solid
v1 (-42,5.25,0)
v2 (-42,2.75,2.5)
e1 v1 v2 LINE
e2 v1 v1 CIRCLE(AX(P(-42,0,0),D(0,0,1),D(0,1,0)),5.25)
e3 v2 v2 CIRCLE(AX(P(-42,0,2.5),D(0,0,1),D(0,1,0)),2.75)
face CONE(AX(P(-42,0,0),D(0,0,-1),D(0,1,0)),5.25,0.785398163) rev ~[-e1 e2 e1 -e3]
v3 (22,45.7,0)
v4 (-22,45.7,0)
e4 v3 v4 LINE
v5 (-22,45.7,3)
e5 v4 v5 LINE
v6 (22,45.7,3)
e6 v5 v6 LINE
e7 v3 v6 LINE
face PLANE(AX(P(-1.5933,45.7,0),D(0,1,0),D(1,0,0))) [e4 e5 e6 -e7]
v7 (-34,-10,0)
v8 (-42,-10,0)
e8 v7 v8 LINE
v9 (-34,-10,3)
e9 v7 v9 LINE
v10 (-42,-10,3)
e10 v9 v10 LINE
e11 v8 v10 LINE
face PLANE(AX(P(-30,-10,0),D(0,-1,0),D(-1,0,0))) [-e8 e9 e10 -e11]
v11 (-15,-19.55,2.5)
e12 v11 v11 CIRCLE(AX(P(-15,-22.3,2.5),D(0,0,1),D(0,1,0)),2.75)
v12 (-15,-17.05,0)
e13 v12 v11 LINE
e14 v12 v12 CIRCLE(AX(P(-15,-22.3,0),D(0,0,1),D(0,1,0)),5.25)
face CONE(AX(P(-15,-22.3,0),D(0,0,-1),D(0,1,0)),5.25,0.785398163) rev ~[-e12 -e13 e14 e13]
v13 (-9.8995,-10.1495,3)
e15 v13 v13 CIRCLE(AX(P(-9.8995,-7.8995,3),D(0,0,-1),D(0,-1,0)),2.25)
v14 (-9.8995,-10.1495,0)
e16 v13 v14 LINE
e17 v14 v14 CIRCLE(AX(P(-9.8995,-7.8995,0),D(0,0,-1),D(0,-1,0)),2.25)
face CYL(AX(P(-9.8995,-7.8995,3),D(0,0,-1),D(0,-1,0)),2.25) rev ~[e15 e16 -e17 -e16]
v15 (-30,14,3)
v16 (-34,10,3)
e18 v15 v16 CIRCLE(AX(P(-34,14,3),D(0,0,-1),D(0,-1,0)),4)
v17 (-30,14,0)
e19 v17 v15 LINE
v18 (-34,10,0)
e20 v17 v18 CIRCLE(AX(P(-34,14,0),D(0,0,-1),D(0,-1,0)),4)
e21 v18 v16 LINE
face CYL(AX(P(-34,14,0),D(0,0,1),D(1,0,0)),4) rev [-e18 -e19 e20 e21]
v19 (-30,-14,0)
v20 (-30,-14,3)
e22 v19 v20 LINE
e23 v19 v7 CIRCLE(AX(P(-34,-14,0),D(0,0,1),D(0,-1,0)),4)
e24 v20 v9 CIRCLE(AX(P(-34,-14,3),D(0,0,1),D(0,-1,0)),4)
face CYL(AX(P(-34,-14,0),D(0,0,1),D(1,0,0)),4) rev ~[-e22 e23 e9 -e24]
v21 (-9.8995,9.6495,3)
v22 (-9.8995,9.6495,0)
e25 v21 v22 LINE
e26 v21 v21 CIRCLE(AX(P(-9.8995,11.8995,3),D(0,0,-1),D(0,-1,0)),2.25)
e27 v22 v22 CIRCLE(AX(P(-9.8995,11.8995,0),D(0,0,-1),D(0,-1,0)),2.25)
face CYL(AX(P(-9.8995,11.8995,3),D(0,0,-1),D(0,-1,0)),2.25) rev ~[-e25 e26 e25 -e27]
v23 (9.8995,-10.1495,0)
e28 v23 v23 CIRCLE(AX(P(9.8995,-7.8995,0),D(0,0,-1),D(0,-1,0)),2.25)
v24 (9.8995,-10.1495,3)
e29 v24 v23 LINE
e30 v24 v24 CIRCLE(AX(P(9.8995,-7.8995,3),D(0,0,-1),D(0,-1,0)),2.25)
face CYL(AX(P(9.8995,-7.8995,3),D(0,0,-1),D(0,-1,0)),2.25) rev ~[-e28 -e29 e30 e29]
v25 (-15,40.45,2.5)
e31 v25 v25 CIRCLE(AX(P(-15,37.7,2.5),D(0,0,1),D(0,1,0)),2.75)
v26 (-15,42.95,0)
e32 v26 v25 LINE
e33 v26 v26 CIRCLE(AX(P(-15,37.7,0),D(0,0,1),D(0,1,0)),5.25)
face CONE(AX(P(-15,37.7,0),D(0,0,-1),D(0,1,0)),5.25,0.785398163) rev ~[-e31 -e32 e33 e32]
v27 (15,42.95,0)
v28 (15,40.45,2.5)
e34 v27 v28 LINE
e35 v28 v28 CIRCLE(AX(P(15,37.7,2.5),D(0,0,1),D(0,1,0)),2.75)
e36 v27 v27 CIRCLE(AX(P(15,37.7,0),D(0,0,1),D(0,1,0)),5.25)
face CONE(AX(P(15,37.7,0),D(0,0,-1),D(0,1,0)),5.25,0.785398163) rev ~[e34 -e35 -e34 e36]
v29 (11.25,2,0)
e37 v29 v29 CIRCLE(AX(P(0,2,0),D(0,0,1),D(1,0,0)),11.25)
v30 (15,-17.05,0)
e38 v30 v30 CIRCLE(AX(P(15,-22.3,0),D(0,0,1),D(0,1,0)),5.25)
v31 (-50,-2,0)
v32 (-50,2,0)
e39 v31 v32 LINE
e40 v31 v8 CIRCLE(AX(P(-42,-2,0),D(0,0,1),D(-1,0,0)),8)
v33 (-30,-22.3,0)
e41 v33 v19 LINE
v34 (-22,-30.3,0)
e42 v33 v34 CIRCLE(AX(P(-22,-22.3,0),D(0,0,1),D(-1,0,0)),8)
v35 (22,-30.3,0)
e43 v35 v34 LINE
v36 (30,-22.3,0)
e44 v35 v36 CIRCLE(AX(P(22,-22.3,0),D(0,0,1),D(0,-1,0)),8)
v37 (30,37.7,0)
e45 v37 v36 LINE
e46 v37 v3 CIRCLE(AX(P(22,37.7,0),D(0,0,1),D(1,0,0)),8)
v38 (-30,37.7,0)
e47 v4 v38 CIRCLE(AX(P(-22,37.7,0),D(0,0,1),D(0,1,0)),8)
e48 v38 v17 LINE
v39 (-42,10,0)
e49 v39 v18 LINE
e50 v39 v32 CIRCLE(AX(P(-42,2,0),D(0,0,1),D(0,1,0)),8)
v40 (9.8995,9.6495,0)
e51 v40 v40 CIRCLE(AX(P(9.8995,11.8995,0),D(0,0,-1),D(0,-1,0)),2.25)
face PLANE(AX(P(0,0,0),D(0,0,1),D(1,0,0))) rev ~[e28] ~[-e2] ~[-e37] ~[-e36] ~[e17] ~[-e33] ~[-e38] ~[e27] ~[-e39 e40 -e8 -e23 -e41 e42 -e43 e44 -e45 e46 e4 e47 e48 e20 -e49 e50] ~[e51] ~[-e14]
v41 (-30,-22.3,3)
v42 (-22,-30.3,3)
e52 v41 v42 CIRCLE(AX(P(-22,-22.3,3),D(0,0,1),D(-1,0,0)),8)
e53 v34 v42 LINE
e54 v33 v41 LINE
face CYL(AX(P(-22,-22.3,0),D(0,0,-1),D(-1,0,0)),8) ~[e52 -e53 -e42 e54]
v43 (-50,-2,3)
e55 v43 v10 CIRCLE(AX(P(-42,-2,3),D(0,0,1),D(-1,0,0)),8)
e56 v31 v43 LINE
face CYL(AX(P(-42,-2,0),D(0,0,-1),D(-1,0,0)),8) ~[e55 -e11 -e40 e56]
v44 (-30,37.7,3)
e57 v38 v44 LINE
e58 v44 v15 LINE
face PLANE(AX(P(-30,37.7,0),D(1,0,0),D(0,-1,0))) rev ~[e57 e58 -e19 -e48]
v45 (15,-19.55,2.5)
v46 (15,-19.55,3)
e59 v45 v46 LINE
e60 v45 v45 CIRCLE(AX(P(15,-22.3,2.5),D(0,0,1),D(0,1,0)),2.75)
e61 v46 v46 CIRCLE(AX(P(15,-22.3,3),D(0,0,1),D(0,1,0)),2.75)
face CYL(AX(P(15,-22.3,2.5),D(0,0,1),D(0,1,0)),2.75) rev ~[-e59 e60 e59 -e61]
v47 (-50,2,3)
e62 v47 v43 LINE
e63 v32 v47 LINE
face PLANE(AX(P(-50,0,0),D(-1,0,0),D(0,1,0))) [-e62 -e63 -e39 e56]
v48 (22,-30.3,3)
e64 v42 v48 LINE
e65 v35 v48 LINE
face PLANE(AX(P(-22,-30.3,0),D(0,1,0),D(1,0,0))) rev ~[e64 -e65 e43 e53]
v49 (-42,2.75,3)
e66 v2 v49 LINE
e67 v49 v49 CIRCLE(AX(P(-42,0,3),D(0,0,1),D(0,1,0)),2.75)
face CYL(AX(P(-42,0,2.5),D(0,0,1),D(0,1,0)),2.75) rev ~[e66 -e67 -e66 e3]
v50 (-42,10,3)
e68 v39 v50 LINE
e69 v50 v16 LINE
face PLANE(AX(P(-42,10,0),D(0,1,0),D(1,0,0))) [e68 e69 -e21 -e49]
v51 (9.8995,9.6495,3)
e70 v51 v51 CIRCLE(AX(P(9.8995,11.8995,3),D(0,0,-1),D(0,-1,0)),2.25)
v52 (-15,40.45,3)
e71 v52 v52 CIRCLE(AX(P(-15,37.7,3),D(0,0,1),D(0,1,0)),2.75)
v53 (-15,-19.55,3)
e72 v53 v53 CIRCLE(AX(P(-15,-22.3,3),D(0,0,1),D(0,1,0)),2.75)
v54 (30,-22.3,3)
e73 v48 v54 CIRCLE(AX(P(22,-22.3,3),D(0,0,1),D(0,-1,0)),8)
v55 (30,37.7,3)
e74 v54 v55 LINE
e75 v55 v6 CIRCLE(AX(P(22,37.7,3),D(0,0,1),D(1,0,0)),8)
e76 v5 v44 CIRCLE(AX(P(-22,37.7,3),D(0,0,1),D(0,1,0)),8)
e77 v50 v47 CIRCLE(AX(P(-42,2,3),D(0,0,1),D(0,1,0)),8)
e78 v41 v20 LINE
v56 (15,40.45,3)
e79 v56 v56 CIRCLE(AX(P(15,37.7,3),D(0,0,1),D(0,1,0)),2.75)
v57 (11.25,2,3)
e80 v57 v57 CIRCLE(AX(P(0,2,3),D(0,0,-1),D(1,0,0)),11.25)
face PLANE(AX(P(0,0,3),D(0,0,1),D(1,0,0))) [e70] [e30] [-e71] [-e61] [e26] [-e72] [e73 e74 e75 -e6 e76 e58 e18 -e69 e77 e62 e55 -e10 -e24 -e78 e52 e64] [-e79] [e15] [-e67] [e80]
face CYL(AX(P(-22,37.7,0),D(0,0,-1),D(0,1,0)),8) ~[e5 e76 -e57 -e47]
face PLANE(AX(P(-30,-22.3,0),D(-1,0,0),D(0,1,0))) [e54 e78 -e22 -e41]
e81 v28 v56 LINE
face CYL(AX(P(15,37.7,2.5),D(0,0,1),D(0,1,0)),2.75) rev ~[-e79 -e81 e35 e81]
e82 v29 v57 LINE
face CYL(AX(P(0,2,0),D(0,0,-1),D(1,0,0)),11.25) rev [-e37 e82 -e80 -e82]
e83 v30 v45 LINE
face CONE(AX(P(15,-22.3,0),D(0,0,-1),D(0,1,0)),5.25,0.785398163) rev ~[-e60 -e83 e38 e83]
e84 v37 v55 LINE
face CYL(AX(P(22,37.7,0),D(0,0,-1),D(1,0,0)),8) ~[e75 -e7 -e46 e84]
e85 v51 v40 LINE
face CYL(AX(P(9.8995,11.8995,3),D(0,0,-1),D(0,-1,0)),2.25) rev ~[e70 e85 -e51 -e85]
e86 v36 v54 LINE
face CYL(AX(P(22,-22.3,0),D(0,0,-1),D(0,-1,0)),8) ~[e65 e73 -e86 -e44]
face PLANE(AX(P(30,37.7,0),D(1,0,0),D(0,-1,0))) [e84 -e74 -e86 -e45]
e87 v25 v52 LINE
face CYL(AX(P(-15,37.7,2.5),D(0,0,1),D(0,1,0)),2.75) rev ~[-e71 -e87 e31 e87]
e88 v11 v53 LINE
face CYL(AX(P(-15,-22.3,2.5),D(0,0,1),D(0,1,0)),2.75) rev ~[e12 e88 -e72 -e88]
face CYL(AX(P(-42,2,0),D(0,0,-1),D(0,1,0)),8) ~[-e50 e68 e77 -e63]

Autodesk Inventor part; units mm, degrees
ref_plane "YZ Plane" through (0, 0, 0) normal (1, 0, 0) x (0, 1, 0)
ref_plane "XZ Plane" through (0, 0, 0) normal (0, 1, 0) x (-1, 0, 0)
ref_plane "XY Plane" through (0, 0, 0) normal (0, 0, 1) x (1, 0, 0)
sketch "Эскиз1" plane through (0, 0, 0) normal (0, 0, 1) x (1, 0, 0)
  line L0 (-1.5933, 45.7) -> (22, 45.7)
  line L1 (30, 37.7) -> (30, 10)
  arc A0 (30, 37.7) -> (22, 45.7) centre (22, 37.7) ccw
  line L2 (-1.5933, 45.7) -> (-22, 45.7)
  arc A1 (-22, 45.7) -> (-30, 37.7) centre (-22, 37.7) ccw
  line L3 (30, -22.3) -> (30, 10)
  line L4 (-30, -22.3) -> (-30, -10)
  line L5 (-72.3196, 0) -> (72.3196, 0) projected
  line L6 (0, -47.8196) -> (0, 63.2196) projected
  circle A2 centre (0, 2) radius 11.25
  circle A3 centre (0, 2) radius 14 construction
  line L7 (0, 2) -> (-9.8995, 11.8995) construction
  line L8 (-22, -30.3) -> (22, -30.3)
  arc A4 (-30, -22.3) -> (-22, -30.3) centre (-22, -22.3) ccw
  arc A5 (22, -30.3) -> (30, -22.3) centre (22, -22.3) ccw
  line L9 (30, -10) -> (42, -10) construction
  line L10 (50, -2) -> (50, 2) construction
  line L11 (42, 10) -> (30, 10) construction
  arc A6 (50, 2) -> (42, 10) centre (42, 2) ccw construction
  arc A7 (42, -10) -> (50, -2) centre (42, -2) ccw construction
  line L12 (-30, -10) -> (-42, -10)
  line L13 (-50, -2) -> (-50, 2)
  line L14 (-42, 10) -> (-30, 10)
  arc A8 (-42, 10) -> (-50, 2) centre (-42, 2) ccw
  arc A9 (-50, -2) -> (-42, -10) centre (-42, -2) ccw
  line L15 (-30, 37.7) -> (-30, 10)
  point P0 (0, 0)
  point P1 (0, 0)
  point P2 (30, -30.3)
  point P3 (-30, -30.3)
  point P4 (15, 37.7)
  point P5 (-15, 37.7)
  point P6 (9.8995, 11.8995)
  point P7 (-9.8995, -7.8995)
  point P8 (9.8995, -7.8995)
  point P9 (15, -22.3)
  point P10 (-15, -22.3)
  point P11 (42, 0)
  point P12 (-42, 0)
  dimension "d128" = 28
  dimension "d43" = 8
  dimension "d50" = 30
  dimension "d127" = 22.5
  dimension "d131" = 360
  dimension "d134" = 45
  dimension "d168" = 8
  dimension "d182" = 2
  dimension "d184" = 37.7
  dimension "d187" = 30
  dimension "d192" = 22.3
  dimension "d193" = 8
  dimension "d196" = 20
  dimension "d197" = 20
  dimension "d199" = 8
  dimension "d201" = 60
  dimension "d202" = 8
extrude "Пластина2" add sketch "Эскиз1" along normal blind 3 contours L0 L6 A2 L5 L13 A8 L14 L15 A1 L2 | L0 A0 L1 L3 L5 A2 L6 | A2 L6 L8 A4 L4 L12 A9 L13 L5 | L5 L3 A5 L8 L6 A2
hole "Отверстие2" at (-42, 0, 0) at (-15, 37.7, 0) at (15, 37.7, 0) at (15, -22.3, 0) at (-15, -22.3, 0) direction (0, 0, 1) diameter 5.5 end through all countersink diameter 10.5 countersink angle 90
sketch "Эскиз6" plane through (0, 0, 3) normal (0, 0, 1) x (1, 0, 0)
  circle A0 centre (0, 2) radius 14 construction
  line L0 (0, -47.8196) -> (0, 63.2196) projected
  line L1 (-72.3196, 0) -> (72.3196, 0) projected
  line L2 (0, 2) -> (9.8995, 11.8995) construction
  point P0 (-9.8995, 11.8995)
  point P1 (-9.8995, -7.8995)
  point P2 (9.8995, -7.8995)
  dimension "d135" = 28
  dimension "d138" = 360
  dimension "d141" = 135
  dimension "d183" = 2
hole "Отверстие3" at (-9.8995, -7.8995, 3) at (9.8995, 11.8995, 3) at (-9.8995, 11.8995, 3) at (9.8995, -7.8995, 3) direction (0, 0, -1) diameter 4.5 end through all
fillet "Сопряжение1" radius 4 2 edges at (-30, 10, 1.5) (-30, -10, 1.5)
equation "\"d18\" = Толщина"
equation "\"Радиус_гибки\" = Толщина"
equation "\"Ширина_просечки\" = Толщина"
equation "\"Глубина_просечки\" = 0.5 * Толщина"
equation "\"Размер_просечки\" = 4 * Толщина"
equation "\"Мин_остаток\" = 2 * Толщина"
equation "\"Радиус_перехода\" = Радиус_гибки"
equation "\"Радиус_Якоби\" = Радиус_гибки"
equation "\"Размер_зазора\" = Толщина"
equation "\"Толщина\" = 3"
properties part number "кронштейн_zerkalo" material "Сталь"
